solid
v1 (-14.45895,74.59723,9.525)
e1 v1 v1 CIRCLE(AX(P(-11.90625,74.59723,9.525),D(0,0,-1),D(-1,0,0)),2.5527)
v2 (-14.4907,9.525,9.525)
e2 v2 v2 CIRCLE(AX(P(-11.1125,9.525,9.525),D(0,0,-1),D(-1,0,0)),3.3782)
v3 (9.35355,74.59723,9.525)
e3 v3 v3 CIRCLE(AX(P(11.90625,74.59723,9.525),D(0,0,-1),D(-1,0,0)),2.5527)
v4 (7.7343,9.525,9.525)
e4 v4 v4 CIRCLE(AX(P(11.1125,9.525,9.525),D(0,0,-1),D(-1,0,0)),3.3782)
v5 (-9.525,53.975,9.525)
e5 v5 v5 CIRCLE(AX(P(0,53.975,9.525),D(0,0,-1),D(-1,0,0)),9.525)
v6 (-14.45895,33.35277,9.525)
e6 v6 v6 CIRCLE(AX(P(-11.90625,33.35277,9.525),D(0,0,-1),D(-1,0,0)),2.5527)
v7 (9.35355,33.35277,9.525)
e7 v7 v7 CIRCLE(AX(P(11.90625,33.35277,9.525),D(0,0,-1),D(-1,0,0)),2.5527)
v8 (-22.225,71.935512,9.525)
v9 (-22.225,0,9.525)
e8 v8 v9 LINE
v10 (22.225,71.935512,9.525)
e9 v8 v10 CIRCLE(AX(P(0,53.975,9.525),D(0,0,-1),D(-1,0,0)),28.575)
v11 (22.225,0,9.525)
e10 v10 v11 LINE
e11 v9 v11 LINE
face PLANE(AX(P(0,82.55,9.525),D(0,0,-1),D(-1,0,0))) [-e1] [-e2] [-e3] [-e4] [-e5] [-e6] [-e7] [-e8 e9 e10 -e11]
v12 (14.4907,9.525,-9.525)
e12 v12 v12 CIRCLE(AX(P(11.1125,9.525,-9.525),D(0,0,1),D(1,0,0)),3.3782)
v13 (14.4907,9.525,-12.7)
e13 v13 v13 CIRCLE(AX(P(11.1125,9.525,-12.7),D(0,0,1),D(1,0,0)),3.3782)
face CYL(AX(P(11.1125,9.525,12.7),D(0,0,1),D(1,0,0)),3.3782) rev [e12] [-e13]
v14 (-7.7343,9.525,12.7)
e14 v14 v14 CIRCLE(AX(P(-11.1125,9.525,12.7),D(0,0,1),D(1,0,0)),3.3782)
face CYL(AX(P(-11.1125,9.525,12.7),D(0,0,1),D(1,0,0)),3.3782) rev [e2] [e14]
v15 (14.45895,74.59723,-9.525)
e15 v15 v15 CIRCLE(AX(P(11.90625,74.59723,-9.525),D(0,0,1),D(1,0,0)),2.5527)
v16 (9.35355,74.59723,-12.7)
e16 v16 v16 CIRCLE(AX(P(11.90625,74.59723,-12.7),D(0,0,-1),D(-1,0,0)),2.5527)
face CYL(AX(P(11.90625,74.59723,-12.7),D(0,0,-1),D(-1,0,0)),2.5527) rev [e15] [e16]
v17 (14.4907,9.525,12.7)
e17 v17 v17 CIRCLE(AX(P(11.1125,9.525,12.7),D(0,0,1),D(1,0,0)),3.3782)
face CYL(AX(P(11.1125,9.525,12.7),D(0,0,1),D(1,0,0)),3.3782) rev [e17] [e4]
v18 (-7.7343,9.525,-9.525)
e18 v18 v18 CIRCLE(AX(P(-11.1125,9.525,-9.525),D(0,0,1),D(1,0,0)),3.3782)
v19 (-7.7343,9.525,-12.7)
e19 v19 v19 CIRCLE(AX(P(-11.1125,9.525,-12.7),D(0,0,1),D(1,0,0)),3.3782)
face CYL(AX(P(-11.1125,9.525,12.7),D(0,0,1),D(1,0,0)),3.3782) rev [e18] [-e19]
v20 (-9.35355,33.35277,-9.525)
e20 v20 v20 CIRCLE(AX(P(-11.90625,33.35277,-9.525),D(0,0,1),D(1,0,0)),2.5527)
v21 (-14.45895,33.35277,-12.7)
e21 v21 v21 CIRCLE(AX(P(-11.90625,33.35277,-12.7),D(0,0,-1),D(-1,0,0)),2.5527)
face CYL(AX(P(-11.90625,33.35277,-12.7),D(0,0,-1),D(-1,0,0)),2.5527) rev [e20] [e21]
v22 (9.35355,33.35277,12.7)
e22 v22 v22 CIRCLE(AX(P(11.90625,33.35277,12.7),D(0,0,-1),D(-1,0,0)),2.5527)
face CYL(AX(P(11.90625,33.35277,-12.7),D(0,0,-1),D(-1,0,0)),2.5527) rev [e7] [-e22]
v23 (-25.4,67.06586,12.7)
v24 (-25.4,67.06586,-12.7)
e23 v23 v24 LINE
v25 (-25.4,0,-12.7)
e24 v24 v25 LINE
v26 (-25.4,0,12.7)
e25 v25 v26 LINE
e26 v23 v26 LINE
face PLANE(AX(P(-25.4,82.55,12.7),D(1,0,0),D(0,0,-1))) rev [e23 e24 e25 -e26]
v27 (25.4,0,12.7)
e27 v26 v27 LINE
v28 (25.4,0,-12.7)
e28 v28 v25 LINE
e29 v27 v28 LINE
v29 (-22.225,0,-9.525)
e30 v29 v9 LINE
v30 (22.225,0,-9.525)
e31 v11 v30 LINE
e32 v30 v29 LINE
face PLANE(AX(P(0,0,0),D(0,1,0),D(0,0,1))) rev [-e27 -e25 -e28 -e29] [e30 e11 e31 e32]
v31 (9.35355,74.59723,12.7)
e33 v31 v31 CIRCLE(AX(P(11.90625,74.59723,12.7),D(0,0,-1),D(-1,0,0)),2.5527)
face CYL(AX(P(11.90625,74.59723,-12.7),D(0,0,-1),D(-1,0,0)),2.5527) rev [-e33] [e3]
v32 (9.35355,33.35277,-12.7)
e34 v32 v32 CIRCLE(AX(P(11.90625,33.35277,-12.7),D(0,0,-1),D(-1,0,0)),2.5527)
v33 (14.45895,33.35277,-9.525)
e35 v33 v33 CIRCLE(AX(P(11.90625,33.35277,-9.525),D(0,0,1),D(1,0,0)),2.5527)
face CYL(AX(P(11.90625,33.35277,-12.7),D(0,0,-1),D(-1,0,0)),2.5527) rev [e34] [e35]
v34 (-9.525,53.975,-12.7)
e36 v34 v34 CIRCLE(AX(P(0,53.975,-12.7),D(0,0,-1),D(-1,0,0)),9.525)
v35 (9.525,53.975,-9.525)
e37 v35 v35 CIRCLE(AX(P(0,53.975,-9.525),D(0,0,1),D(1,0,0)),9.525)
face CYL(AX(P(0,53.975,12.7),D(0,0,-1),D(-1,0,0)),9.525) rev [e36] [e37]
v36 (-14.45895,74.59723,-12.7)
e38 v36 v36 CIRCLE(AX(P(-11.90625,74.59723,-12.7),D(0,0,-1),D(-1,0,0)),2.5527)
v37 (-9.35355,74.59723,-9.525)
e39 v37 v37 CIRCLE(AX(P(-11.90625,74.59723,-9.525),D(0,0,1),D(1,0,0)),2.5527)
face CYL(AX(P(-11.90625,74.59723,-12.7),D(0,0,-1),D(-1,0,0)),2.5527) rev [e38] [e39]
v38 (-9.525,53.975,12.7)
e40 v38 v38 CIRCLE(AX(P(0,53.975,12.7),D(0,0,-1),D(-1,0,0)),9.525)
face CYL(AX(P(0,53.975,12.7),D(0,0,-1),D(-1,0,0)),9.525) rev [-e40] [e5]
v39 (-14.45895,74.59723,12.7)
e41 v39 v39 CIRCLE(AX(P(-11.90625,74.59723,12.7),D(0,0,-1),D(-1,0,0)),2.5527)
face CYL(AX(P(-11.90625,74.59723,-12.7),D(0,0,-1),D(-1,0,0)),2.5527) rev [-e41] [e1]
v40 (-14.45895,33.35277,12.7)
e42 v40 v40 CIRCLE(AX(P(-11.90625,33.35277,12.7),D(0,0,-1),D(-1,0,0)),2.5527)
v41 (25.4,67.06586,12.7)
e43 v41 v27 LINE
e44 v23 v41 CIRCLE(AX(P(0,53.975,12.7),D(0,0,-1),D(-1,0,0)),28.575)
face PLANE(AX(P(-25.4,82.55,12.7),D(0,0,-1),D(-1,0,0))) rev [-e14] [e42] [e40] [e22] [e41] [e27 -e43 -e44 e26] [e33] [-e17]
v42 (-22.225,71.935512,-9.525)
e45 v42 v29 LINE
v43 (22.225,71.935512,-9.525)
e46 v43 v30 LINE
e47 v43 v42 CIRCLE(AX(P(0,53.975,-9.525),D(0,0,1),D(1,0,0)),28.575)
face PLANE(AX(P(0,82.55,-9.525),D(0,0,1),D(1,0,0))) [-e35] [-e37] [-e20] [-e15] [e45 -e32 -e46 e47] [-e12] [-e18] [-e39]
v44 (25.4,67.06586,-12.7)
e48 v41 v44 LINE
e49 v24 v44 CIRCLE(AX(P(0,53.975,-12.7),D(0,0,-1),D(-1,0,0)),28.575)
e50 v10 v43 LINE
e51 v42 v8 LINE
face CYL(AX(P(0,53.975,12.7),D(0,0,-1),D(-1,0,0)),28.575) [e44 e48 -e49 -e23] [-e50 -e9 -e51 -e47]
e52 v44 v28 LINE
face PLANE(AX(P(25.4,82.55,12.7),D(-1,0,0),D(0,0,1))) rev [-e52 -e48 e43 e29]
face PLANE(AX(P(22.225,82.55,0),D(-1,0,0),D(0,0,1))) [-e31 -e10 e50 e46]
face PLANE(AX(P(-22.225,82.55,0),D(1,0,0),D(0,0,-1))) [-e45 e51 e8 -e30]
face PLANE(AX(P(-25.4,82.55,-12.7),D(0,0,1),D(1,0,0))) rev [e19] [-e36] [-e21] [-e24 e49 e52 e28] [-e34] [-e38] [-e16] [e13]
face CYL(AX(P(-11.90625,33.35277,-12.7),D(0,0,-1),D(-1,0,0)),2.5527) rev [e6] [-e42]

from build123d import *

# Parameters (mm, degrees)
SKETCH1_W               = 50.8
SKETCH1_H               = 25.4
SKETCH1_W_2             = 44.45
SKETCH1_H_2             = 19.05
EXTRUDE_THIN1_DEPTH     = 82.55
F_10_CLEARANCE_HOLE1_D  = 5.1054
SKETCH7_R               = 9.525
CUT_EXTRUDE2_DEPTH      = 1
CUT_EXTRUDE2_DEPTH_BACK = 26.4
F_1_4_CLEARANCE_HOLE2_D = 6.7564
CUT_EXTRUDE3_DEPTH      = 26.4


with BuildPart() as part:
    # Sketch1 → Extrude-Thin1 (new body)
    with BuildSketch(Plane(origin=(0, 0, 0), x_dir=(1, 0, 0), z_dir=(0, 1, 0))):
        Rectangle(SKETCH1_W, SKETCH1_H)
        Rectangle(SKETCH1_W_2, SKETCH1_H_2, mode=Mode.SUBTRACT)
    extrude(amount=EXTRUDE_THIN1_DEPTH)

    # #10 Clearance Hole1 (through all)
    with Locations(Plane(origin=(0, 0, -12.7), x_dir=(-1, 0, 0), z_dir=(0, 0, -1))):
        with Locations((-11.90625, 33.352770072), (-11.90625, 74.597229928), (11.90625, 74.597229928), (11.90625, 33.352770072)):
            Hole(F_10_CLEARANCE_HOLE1_D / 2)

    # Sketch7 → Cut-Extrude2 (cut, two sides)
    with BuildSketch(Plane(origin=(0, 0, -12.7), x_dir=(-1, 0, 0), z_dir=(0, 0, -1))) as cut_extrude2_sk:
        with Locations((0, 53.975)):
            Circle(SKETCH7_R)
    extrude(amount=CUT_EXTRUDE2_DEPTH, mode=Mode.SUBTRACT)
    extrude(cut_extrude2_sk.sketch, amount=-CUT_EXTRUDE2_DEPTH_BACK, mode=Mode.SUBTRACT)

    # 1/4 Clearance Hole2 (through all)
    with Locations(Plane.XY.offset(12.7)):
        with Locations((-11.1125, 9.525), (11.1125, 9.525), (-109.171479686, 68.785430569)):
            Hole(F_1_4_CLEARANCE_HOLE2_D / 2)

    # Sketch10 → Cut-Extrude3 (cut, through all)
    with BuildSketch(Plane(origin=(0, 0, -12.7), x_dir=(-1, 0, 0), z_dir=(0, 0, -1))):
        with BuildLine():
            Line((-25.4, 82.55), (-25.4, 67.065860361))
            ThreePointArc((-25.4, 67.065860361), (-14.873790542, 78.373790542), (0, 82.55))
            Line((0, 82.55), (-25.4, 82.55))
        make_face()
        with BuildLine():
            Line((25.4, 82.55), (0, 82.55))
            ThreePointArc((0, 82.55), (14.873790542, 78.373790542), (25.4, 67.065860361))
            Line((25.4, 67.065860361), (25.4, 82.55))
        make_face()
    extrude(amount=-CUT_EXTRUDE3_DEPTH, mode=Mode.SUBTRACT)


solid = part.part
